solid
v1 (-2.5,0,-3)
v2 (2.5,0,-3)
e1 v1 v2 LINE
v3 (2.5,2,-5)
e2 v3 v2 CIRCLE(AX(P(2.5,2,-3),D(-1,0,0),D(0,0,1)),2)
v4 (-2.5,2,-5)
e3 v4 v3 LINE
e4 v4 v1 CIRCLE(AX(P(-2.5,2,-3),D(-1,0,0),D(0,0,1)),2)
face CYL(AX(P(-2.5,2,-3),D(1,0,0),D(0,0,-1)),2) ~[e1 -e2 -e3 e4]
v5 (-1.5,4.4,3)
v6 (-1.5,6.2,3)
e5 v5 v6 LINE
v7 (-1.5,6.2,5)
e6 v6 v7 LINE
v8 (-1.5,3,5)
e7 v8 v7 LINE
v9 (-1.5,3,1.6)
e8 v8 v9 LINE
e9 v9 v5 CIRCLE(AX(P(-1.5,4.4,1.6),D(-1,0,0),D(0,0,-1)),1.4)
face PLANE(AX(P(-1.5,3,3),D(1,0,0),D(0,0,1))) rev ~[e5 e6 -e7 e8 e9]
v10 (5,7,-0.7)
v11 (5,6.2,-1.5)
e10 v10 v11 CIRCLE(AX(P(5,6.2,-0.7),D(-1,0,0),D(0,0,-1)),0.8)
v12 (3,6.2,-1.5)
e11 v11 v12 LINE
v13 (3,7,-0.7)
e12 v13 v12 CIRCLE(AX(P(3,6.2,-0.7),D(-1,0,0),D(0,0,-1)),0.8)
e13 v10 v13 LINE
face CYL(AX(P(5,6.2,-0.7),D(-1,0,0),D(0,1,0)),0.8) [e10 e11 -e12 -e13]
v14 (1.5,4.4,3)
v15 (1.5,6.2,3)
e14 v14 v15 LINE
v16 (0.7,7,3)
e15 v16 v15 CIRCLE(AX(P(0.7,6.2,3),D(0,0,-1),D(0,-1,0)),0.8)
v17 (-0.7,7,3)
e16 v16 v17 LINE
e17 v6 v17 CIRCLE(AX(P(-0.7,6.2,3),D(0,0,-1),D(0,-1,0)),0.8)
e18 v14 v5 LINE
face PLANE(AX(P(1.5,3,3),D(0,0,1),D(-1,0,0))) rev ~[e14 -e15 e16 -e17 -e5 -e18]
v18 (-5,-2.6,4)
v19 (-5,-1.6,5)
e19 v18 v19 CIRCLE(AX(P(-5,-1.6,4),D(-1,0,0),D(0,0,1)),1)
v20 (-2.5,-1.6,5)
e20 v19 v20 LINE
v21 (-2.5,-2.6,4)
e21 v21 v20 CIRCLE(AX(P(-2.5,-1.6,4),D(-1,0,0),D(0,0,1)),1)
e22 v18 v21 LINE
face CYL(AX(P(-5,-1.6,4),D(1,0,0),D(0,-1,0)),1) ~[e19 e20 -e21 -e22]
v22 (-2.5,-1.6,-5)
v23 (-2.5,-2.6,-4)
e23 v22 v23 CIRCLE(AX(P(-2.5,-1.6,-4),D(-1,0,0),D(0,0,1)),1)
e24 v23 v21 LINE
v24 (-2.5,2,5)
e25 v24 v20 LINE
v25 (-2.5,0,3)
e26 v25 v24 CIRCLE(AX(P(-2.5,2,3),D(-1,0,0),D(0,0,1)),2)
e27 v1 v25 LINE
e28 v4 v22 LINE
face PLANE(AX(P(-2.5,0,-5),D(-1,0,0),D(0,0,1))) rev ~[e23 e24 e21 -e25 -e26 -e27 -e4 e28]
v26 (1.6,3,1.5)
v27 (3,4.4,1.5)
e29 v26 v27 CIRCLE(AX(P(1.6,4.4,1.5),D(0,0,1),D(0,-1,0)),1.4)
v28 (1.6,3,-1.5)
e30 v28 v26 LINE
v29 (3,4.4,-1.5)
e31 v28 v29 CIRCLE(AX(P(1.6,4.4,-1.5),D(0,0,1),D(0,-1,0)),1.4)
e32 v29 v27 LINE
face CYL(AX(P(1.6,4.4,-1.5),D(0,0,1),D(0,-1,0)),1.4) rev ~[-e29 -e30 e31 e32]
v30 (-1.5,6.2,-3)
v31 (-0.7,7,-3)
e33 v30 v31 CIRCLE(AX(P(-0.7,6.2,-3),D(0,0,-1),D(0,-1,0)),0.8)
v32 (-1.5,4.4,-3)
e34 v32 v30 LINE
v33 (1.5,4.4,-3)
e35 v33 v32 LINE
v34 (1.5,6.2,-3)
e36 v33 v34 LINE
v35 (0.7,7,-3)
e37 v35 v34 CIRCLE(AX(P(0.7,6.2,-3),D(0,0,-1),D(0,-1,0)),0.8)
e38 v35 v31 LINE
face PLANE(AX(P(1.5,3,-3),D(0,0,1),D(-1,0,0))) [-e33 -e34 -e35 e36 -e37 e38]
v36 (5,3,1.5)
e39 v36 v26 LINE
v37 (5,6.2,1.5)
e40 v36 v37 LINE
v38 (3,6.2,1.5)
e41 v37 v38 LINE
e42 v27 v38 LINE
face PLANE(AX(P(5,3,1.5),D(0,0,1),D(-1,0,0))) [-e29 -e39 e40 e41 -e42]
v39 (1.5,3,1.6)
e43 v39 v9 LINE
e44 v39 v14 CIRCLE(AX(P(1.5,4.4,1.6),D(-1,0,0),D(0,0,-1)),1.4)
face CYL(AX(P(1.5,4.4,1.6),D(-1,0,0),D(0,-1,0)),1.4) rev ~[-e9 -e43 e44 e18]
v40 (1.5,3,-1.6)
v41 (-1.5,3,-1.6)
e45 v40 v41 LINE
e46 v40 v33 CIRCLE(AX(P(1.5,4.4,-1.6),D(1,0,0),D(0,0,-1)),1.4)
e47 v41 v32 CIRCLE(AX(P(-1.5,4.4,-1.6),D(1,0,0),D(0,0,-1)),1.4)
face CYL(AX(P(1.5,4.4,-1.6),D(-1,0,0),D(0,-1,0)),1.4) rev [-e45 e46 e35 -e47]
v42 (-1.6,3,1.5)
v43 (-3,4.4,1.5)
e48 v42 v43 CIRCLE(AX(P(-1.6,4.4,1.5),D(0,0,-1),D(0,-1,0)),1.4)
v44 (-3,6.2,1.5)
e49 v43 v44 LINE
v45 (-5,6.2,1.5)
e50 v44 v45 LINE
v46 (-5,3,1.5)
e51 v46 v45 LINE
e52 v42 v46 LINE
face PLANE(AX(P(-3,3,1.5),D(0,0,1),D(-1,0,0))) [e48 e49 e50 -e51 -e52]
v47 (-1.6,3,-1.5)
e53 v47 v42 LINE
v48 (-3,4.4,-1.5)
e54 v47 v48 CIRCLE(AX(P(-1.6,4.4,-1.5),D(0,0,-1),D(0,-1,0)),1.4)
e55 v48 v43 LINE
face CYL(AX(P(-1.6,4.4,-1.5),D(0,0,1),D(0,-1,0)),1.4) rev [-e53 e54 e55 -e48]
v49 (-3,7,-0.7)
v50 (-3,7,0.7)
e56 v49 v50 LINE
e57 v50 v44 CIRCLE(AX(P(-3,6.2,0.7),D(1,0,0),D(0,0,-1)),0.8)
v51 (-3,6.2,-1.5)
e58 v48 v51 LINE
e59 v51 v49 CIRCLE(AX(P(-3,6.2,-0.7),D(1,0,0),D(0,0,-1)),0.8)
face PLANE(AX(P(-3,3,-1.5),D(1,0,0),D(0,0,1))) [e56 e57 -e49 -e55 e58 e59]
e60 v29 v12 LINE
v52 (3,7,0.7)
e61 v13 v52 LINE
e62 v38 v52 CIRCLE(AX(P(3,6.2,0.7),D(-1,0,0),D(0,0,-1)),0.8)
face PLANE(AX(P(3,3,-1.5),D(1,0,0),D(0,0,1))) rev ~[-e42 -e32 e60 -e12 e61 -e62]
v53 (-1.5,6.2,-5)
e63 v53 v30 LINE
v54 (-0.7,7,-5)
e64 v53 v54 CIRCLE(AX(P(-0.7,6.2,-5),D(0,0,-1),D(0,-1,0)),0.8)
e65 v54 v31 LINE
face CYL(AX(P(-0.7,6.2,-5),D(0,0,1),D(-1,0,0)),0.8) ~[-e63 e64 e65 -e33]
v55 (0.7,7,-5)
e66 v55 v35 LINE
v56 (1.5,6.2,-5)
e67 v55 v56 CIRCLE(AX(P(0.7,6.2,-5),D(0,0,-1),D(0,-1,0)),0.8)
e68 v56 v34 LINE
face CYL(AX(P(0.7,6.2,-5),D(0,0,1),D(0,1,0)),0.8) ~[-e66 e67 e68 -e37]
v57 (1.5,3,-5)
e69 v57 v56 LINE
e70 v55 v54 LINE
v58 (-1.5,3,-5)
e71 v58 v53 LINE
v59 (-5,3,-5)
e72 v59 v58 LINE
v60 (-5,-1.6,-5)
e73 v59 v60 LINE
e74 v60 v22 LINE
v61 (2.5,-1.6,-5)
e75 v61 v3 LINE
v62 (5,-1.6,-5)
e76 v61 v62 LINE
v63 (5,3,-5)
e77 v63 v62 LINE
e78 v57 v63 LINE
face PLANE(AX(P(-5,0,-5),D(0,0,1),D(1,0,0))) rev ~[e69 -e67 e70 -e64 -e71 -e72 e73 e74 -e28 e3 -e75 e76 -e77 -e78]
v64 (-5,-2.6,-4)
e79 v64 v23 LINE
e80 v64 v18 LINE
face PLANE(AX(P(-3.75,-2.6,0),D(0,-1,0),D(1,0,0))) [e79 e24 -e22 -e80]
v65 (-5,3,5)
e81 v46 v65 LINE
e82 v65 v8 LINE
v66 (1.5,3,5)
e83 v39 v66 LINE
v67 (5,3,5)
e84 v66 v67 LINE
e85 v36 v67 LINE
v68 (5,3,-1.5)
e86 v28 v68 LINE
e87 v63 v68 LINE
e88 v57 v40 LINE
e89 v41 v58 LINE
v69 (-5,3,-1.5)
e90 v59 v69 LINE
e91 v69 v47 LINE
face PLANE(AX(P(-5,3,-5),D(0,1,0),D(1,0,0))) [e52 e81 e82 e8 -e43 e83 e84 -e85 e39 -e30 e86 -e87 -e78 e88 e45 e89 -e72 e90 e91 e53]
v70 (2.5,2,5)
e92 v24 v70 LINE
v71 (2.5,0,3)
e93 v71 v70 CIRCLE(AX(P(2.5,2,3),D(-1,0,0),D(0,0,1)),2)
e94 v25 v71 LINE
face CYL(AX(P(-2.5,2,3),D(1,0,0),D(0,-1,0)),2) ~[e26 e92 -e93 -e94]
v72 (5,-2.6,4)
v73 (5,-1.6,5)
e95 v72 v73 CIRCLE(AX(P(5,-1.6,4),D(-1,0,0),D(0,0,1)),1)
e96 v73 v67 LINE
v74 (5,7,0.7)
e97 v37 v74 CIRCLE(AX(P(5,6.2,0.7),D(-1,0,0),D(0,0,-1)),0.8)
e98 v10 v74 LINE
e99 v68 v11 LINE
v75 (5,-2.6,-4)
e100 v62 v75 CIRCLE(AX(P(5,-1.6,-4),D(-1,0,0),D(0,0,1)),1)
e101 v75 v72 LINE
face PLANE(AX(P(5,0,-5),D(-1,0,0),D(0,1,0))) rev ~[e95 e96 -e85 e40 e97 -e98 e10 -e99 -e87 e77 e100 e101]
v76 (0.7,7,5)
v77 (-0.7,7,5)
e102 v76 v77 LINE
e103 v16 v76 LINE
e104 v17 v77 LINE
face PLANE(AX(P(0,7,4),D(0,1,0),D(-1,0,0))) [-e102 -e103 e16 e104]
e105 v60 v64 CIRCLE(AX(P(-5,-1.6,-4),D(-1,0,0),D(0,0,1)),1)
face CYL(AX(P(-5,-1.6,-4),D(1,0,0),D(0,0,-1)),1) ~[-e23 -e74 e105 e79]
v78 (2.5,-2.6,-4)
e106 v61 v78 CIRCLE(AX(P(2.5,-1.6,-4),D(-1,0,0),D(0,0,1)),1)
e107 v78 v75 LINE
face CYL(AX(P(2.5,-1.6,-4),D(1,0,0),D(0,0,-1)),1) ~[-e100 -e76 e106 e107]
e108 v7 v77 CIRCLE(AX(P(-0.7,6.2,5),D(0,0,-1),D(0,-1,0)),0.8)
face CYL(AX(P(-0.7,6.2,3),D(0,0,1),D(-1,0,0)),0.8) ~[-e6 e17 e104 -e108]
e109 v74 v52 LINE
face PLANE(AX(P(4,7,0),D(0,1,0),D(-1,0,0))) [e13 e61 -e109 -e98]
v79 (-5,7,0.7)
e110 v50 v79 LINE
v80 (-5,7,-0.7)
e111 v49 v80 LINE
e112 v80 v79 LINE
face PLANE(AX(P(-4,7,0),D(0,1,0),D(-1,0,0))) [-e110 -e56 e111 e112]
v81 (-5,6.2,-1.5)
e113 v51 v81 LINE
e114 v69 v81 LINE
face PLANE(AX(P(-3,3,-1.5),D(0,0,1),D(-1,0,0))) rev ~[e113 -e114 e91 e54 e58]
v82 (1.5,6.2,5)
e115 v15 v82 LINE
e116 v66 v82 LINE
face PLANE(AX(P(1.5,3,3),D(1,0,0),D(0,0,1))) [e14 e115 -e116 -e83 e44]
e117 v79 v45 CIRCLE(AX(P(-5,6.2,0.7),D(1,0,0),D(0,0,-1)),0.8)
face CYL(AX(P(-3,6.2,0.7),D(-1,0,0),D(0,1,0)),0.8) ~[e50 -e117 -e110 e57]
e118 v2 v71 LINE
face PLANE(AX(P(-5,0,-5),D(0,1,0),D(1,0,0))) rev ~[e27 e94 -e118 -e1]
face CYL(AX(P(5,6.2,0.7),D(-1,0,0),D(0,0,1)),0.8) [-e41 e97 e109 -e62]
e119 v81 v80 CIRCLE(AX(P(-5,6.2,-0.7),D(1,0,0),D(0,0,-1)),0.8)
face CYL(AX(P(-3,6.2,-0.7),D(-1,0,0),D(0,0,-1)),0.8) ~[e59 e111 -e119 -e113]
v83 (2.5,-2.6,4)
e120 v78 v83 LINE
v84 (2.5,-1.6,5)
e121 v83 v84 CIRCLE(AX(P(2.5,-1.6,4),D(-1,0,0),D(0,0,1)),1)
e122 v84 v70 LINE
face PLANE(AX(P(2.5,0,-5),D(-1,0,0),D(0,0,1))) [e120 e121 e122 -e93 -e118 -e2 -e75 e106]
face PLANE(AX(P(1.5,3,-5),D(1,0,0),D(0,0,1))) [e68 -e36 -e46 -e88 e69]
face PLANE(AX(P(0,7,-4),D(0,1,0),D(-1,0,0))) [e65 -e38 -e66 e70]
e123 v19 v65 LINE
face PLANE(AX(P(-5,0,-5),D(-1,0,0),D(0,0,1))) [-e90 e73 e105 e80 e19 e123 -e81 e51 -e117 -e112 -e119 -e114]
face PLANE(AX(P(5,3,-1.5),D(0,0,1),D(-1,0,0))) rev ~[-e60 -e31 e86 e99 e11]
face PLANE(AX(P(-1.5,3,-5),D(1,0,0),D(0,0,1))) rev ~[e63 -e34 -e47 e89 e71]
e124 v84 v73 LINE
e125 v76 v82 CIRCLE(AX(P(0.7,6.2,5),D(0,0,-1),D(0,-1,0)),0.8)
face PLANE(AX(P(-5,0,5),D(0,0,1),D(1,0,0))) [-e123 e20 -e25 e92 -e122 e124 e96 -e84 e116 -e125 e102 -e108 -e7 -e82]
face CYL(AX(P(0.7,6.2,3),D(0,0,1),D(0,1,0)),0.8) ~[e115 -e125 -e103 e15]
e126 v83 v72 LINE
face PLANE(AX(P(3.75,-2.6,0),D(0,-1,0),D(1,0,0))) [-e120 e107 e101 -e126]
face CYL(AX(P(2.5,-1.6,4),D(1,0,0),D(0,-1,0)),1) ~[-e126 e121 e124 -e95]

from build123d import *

# Parameters (mm, degrees)
BOX_W        = 10
BOX_H        = 3
BOX_DEPTH    = 10
SKETCH_W     = 3
SKETCH_H     = 2
SKETCH_W_2   = 2
SKETCH_H_2   = 3
PAD_DEPTH    = 4
SKETCH001_W  = 2.5
SKETCH001_H  = 10
PAD001_DEPTH = 2.6
FILLET_R     = 2
FILLET001_R  = 0.8
FILLET002_R  = 1
FILLET003_R  = 1.4


with BuildPart() as part:
    # Box → Box (new body)
    with BuildSketch(Plane(origin=(-5, 0, -5), x_dir=(1, 0, 0), z_dir=(0, 0, 1))):
        with Locations((5, 1.5)):
            Rectangle(BOX_W, BOX_H)
    extrude(amount=BOX_DEPTH)

    # Sketch → Pad (new body)
    with BuildSketch(Plane(origin=(-5, 3, -5), x_dir=(-1, 0, 0), z_dir=(0, 1, 0))):
        with Locations((-5, 9)):
            Rectangle(SKETCH_W, SKETCH_H)
        with Locations((-9, 5)):
            Rectangle(SKETCH_W_2, SKETCH_H_2)
        with Locations((-1, 5)):
            Rectangle(SKETCH_W_2, SKETCH_H_2)
        with Locations((-5, 1)):
            Rectangle(SKETCH_W, SKETCH_H)
    extrude(amount=PAD_DEPTH)

    # Sketch001 → Pad001 (new body)
    with BuildSketch(Plane(origin=(-5, 0, -5), x_dir=(1, 0, 0), z_dir=(0, -1, 0))):
        with Locations((1.25, 5)):
            Rectangle(SKETCH001_W, SKETCH001_H)
        with Locations((8.75, 5)):
            Rectangle(SKETCH001_W, SKETCH001_H)
    extrude(amount=PAD001_DEPTH)

    # Fillet
    fillet_edges = [part.edges().sort_by_distance(p)[0] for p in [
        (0, 0, -5),
        (0, 0, 5),
    ]]
    fillet(fillet_edges, radius=FILLET_R)

    # Fillet001
    fillet001_edges = [part.edges().sort_by_distance(p)[0] for p in [
        (4, 7, -1.5),
        (4, 7, 1.5),
        (1.5, 7, 4),
        (-1.5, 7, 4),
        (-4, 7, 1.5),
        (-4, 7, -1.5),
        (-1.5, 7, -4),
        (1.5, 7, -4),
    ]]
    fillet(fillet001_edges, radius=FILLET001_R)

    # Fillet002
    fillet002_edges = [part.edges().sort_by_distance(p)[0] for p in [
        (-3.75, -2.6, -5),
        (3.75, -2.6, -5),
        (3.75, -2.6, 5),
        (-3.75, -2.6, 5),
    ]]
    fillet(fillet002_edges, radius=FILLET002_R)

    # Fillet003
    fillet003_edges = [part.edges().sort_by_distance(p)[0] for p in [
        (0, 3, -3),
        (-3, 3, 0),
        (3, 3, 0),
        (0, 3, 3),
    ]]
    fillet(fillet003_edges, radius=FILLET003_R)


solid = part.part
